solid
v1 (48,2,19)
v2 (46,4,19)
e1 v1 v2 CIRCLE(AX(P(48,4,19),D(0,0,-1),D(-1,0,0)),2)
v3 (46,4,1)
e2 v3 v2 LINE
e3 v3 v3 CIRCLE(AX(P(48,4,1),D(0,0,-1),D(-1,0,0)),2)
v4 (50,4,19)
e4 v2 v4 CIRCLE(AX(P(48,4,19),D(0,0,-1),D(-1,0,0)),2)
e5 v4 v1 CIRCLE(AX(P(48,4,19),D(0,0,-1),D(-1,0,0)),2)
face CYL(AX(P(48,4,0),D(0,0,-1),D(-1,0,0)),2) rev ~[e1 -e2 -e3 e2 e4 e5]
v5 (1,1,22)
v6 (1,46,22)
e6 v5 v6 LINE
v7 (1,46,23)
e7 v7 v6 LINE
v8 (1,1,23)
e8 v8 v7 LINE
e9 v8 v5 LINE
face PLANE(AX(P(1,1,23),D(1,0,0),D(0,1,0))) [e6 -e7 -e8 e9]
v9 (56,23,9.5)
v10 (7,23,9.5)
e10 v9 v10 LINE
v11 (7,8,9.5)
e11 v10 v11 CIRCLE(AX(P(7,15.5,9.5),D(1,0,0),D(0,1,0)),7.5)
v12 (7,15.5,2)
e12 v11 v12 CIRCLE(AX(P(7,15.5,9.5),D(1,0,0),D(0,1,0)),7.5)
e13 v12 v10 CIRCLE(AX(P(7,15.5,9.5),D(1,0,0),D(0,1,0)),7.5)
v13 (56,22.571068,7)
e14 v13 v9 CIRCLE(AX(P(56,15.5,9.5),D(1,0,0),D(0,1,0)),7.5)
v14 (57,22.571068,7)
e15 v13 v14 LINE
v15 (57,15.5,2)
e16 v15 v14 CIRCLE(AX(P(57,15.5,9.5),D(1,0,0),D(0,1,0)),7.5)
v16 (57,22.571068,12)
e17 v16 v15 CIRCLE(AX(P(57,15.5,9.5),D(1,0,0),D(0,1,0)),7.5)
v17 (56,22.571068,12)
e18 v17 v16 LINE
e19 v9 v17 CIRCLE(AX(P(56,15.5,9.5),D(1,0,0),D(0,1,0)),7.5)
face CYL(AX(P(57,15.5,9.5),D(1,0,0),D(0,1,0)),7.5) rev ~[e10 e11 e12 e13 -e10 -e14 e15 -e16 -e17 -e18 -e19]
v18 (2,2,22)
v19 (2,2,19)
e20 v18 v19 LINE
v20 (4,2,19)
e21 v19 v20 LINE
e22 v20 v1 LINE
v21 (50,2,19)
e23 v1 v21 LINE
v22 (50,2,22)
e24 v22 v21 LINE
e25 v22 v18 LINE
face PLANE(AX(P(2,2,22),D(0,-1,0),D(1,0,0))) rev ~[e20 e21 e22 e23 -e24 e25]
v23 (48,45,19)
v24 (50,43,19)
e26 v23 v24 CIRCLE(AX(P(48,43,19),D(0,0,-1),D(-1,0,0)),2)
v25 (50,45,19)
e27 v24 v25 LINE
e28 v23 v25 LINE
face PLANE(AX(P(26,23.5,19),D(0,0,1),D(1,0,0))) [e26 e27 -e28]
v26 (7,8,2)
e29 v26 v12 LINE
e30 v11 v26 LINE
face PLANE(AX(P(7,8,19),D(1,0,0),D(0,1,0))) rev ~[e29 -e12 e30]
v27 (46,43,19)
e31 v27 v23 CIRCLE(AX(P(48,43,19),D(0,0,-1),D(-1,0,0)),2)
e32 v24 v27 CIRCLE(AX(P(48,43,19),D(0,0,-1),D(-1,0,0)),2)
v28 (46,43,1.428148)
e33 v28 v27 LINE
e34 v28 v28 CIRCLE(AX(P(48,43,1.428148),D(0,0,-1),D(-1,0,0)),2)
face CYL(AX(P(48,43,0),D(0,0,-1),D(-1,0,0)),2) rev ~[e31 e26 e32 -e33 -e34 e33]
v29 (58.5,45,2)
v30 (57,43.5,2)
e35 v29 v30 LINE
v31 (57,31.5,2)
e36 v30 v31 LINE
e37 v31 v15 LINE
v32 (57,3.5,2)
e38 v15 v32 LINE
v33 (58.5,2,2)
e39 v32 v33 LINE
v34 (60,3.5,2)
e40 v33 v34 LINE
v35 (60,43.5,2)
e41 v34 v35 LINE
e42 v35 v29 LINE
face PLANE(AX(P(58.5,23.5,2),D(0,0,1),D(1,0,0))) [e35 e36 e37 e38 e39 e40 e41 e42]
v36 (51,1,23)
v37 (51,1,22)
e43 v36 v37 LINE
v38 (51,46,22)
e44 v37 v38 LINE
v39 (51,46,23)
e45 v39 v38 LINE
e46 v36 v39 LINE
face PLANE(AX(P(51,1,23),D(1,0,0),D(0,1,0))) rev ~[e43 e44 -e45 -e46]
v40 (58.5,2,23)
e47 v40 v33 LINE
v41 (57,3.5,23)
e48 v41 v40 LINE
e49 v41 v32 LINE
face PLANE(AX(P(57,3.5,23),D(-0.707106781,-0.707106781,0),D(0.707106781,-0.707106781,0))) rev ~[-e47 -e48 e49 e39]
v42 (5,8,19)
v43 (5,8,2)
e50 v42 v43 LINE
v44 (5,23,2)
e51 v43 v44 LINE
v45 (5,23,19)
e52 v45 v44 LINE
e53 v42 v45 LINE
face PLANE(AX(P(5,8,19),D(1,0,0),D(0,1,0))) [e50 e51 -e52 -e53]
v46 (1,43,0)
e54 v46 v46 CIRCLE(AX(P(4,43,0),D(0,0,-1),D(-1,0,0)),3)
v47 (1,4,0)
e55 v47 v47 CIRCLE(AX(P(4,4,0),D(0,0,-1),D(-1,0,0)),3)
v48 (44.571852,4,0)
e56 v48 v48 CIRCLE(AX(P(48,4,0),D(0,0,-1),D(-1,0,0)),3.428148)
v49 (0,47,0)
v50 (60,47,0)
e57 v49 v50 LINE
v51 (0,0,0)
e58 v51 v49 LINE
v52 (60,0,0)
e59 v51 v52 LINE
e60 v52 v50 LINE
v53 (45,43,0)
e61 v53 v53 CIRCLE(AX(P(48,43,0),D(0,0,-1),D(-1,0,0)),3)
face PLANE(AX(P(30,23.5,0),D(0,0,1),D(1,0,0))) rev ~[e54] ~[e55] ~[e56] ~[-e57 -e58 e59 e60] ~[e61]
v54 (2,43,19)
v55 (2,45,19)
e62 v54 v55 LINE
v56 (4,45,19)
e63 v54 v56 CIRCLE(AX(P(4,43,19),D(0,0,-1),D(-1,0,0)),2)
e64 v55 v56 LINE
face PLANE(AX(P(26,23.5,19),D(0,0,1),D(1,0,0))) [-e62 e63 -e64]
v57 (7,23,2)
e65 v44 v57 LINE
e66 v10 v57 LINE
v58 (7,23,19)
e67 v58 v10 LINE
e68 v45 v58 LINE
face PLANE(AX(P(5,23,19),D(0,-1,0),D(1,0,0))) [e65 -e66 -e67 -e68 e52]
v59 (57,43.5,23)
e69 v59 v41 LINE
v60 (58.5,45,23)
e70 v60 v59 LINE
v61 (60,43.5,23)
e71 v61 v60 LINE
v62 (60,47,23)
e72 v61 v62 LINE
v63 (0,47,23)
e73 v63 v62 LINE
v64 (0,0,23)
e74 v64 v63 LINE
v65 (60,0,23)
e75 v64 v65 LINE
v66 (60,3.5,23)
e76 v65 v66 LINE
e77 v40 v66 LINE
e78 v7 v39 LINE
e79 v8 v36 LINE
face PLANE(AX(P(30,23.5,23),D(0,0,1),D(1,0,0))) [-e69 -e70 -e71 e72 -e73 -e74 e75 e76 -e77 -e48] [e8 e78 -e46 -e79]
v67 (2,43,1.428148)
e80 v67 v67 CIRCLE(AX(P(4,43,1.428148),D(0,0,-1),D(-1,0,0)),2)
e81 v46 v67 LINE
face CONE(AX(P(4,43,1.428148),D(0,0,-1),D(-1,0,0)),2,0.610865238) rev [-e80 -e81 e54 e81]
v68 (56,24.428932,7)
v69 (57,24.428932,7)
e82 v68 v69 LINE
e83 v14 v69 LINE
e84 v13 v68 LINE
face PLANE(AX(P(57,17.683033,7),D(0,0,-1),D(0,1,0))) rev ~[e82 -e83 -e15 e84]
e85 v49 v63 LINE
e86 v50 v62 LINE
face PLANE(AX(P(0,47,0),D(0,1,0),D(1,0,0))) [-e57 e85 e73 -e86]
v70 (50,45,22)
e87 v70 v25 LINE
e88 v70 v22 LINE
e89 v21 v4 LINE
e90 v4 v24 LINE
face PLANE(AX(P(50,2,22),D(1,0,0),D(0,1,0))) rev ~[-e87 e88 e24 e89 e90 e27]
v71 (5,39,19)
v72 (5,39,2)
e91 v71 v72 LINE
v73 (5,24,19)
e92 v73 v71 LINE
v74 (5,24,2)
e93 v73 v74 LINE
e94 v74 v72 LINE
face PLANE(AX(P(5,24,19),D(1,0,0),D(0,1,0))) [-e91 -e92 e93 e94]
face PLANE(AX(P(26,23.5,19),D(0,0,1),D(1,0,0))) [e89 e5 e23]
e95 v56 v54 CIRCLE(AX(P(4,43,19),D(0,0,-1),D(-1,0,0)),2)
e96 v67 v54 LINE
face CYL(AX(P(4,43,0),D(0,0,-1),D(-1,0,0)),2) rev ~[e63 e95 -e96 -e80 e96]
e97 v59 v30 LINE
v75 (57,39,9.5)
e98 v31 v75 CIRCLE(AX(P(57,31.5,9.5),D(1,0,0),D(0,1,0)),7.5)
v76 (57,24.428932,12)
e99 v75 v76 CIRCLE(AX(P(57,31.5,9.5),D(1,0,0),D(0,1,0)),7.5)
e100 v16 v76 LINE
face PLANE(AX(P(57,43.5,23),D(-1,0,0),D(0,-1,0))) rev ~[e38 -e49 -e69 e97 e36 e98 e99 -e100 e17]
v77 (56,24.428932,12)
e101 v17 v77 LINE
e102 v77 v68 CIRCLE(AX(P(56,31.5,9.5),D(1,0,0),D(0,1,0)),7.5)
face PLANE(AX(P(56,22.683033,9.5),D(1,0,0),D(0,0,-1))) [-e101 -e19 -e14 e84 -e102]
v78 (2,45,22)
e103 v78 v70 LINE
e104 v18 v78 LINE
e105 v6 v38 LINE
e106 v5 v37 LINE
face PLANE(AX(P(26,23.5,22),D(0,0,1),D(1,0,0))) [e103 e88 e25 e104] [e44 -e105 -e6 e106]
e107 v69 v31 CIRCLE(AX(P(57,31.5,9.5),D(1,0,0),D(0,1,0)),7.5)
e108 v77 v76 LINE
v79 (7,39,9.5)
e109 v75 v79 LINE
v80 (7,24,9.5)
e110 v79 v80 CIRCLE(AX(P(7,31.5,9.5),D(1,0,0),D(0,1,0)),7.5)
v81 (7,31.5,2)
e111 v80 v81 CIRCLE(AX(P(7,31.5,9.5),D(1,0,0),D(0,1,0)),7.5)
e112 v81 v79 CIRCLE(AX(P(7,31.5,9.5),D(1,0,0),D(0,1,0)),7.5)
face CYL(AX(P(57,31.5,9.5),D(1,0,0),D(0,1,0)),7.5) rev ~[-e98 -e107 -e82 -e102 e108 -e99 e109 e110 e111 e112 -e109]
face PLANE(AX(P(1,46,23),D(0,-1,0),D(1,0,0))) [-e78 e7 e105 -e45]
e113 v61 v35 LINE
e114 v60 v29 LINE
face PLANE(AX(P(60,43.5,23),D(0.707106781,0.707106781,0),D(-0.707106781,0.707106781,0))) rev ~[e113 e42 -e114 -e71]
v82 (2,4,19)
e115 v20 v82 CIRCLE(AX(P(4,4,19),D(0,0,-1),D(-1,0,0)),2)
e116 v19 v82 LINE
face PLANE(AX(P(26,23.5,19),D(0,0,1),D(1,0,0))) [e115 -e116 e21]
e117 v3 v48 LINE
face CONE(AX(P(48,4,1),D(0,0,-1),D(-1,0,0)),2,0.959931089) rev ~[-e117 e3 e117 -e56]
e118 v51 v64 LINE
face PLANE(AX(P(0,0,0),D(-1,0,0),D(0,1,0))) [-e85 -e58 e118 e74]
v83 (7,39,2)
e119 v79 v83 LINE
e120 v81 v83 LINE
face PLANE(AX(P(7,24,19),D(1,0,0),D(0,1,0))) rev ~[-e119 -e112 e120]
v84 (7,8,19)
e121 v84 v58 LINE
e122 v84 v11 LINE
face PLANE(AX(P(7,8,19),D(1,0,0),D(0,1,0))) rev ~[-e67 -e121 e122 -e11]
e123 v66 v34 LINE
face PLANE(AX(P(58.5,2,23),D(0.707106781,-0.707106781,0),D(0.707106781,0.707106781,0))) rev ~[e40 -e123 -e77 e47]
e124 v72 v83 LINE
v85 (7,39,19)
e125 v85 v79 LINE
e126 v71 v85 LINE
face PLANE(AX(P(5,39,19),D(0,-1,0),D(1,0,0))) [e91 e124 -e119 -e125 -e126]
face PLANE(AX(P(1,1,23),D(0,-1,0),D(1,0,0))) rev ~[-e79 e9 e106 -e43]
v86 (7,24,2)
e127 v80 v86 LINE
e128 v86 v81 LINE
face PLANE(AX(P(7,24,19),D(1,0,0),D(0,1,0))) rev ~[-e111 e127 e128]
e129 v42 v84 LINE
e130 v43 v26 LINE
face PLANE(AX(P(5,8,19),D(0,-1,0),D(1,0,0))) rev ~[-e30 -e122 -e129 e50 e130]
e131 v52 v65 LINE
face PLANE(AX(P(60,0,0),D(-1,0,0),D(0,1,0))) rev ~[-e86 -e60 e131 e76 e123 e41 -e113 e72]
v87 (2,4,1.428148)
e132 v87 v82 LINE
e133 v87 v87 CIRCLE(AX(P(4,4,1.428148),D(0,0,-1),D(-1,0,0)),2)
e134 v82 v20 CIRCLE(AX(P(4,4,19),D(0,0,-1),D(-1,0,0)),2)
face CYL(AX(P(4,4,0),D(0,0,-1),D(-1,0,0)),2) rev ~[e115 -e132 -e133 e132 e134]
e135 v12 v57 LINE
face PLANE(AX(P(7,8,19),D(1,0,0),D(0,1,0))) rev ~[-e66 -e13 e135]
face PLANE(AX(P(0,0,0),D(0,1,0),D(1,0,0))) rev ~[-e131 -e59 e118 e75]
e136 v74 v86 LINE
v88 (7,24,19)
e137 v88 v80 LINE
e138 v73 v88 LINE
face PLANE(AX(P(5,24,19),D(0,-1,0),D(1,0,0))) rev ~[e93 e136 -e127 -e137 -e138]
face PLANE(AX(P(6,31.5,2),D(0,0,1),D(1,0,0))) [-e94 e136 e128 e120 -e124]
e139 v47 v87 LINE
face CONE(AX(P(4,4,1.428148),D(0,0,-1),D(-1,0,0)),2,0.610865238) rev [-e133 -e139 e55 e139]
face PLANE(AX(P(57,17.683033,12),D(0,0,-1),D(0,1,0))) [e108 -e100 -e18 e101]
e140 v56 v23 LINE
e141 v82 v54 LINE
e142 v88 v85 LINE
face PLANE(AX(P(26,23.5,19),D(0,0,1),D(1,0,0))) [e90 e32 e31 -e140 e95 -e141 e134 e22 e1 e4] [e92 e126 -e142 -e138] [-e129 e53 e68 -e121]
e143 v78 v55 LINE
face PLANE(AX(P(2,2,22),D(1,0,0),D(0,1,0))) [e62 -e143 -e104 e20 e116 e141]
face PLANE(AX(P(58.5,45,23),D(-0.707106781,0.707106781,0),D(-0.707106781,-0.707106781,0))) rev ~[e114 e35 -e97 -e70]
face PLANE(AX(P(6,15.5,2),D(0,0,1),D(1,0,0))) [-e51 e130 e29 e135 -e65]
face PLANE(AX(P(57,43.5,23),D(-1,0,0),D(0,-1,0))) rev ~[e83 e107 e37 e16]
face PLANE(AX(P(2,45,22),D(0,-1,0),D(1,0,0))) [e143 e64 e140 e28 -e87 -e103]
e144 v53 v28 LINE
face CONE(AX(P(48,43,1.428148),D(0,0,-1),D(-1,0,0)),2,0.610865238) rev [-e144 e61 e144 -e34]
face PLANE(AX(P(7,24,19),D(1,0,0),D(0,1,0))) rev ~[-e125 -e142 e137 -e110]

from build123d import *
from OCP.BRepFilletAPI import BRepFilletAPI_MakeChamfer

# Parameters (mm, degrees)
ESQUISSE1_W             = 60
ESQUISSE1_H             = 47
BOSS_EXTRU_1_DEPTH      = 23
ESQUISSE2_W             = 50
ESQUISSE2_H             = 45
ENL_V_MAT_EXTRU_1_DEPTH = 1
ESQUISSE3_W             = 48
ESQUISSE3_H             = 43
ENL_V_MAT_EXTRU_2_DEPTH = 3
ENL_V_MAT_EXTRU_3_DEPTH = 21
ESQUISSE5_R             = 7.5
ENL_V_MAT_EXTRU_4_DEPTH = 51
ESQUISSE8_W             = 2
ESQUISSE8_H             = 15
ENL_V_MAT_EXTRU_5_DEPTH = 17
ESQUISSE9_R             = 2
ENL_V_MAT_EXTRU_6_DEPTH = 80.61155695
CHANFREIN1_SIZE         = 1
CHANFREIN1_SIZE2        = 1.428148007
ESQUISSE10_W            = 5
ESQUISSE10_H            = 10
ENL_V_MAT_EXTRU_7_DEPTH = 1


with BuildPart() as part:
    # Esquisse1 → Boss.-Extru.1 (new body)
    with BuildSketch(Plane.XY):
        with Locations((30, 23.5)):
            Rectangle(ESQUISSE1_W, ESQUISSE1_H)
    extrude(amount=BOSS_EXTRU_1_DEPTH)

    # Esquisse2 → Enlèv. mat.-Extru.1 (cut)
    with BuildSketch(Plane.XY.offset(23)):
        with Locations((26, 23.5)):
            Rectangle(ESQUISSE2_W, ESQUISSE2_H)
    extrude(amount=-ENL_V_MAT_EXTRU_1_DEPTH, mode=Mode.SUBTRACT)

    # Esquisse3 → Enlèv. mat.-Extru.2 (cut)
    with BuildSketch(Plane.XY.offset(22)):
        with Locations((26, 23.5)):
            Rectangle(ESQUISSE3_W, ESQUISSE3_H)
    extrude(amount=-ENL_V_MAT_EXTRU_2_DEPTH, mode=Mode.SUBTRACT)

    # Esquisse4 → Enlèv. mat.-Extru.3 (cut)
    with BuildSketch(Plane.XY.offset(23)):
        Polygon((60, 43.5), (58.5, 45), (57, 43.5), (57, 3.5), (58.5, 2), (60, 3.5), align=None)
    extrude(amount=-ENL_V_MAT_EXTRU_3_DEPTH, mode=Mode.SUBTRACT)

    # Esquisse5 → Enlèv. mat.-Extru.4 (cut)
    with BuildSketch(Plane(origin=(57, 0, 0), x_dir=(0, 0, -1), z_dir=(1, 0, 0))):
        with Locations(Location((-9.5, 31.5, 0), (0, 0, 90))):
            Circle(ESQUISSE5_R)
        with Locations(Location((-9.5, 15.5, 0), (0, 0, 90))):
            Circle(ESQUISSE5_R)
    extrude(amount=-ENL_V_MAT_EXTRU_4_DEPTH, mode=Mode.SUBTRACT)

    # Esquisse8 → Enlèv. mat.-Extru.5 (cut)
    with BuildSketch(Plane.XY.offset(19)):
        with Locations((6, 31.5)):
            Rectangle(ESQUISSE8_W, ESQUISSE8_H)
        with Locations((6, 15.5)):
            Rectangle(ESQUISSE8_W, ESQUISSE8_H)
    extrude(amount=-ENL_V_MAT_EXTRU_5_DEPTH, mode=Mode.SUBTRACT)

    # Esquisse9 → Enlèv. mat.-Extru.6 (cut, through all)
    with BuildSketch(Plane(origin=(0, 0, 0), x_dir=(-1, 0, 0), z_dir=(0, 0, -1))):
        with Locations((-48, 43)):
            Circle(ESQUISSE9_R)
        with Locations((-4, 43)):
            Circle(ESQUISSE9_R)
        with Locations((-4, 4)):
            Circle(ESQUISSE9_R)
        with Locations((-48, 4)):
            Circle(ESQUISSE9_R)
    extrude(amount=-ENL_V_MAT_EXTRU_6_DEPTH, mode=Mode.SUBTRACT)

    # Chanfrein1: one chamfer whose edges measure the first distance from different faces: ONE call of the kernel's chamfer builder (chamfer() names one face for all edges)
    chanfrein1_edges_1 = [part.edges().sort_by_distance(p)[0] for p in [
        (50, 43, 0),
        (6, 43, 0),
        (6, 4, 0),
    ]]
    chanfrein1_side_1 = [part.faces().sort_by_distance(p)[0] for p in [
        (30.072592492, 23.5, 0),
    ]]
    chanfrein1_edges_2 = [part.edges().sort_by_distance(p)[0] for p in [
        (50, 4, 0),
    ]]
    chanfrein1_side_2 = [part.faces().sort_by_distance(p)[0] for p in [
        (50, 4, 9.5),
    ]]
    chanfrein1 = BRepFilletAPI_MakeChamfer(part.part.solid().wrapped)
    for e in chanfrein1_edges_1:
        chanfrein1.Add(CHANFREIN1_SIZE, CHANFREIN1_SIZE2, e.wrapped, chanfrein1_side_1[0].wrapped)  # the first distance lies on this face
    for e in chanfrein1_edges_2:
        chanfrein1.Add(CHANFREIN1_SIZE, CHANFREIN1_SIZE2, e.wrapped, chanfrein1_side_2[0].wrapped)  # the first distance lies on this face
    add(Compound.cast(chanfrein1.Shape()), mode=Mode.REPLACE)

    # Esquisse10 → Enlèv. mat.-Extru.7 (cut)
    with BuildSketch(Plane(origin=(57, 0, 0), x_dir=(0, 0, -1), z_dir=(1, 0, 0))):
        with Locations((-9.5, 22.68303286)):
            Rectangle(ESQUISSE10_W, ESQUISSE10_H)
    extrude(amount=-ENL_V_MAT_EXTRU_7_DEPTH, mode=Mode.SUBTRACT)


solid = part.part
